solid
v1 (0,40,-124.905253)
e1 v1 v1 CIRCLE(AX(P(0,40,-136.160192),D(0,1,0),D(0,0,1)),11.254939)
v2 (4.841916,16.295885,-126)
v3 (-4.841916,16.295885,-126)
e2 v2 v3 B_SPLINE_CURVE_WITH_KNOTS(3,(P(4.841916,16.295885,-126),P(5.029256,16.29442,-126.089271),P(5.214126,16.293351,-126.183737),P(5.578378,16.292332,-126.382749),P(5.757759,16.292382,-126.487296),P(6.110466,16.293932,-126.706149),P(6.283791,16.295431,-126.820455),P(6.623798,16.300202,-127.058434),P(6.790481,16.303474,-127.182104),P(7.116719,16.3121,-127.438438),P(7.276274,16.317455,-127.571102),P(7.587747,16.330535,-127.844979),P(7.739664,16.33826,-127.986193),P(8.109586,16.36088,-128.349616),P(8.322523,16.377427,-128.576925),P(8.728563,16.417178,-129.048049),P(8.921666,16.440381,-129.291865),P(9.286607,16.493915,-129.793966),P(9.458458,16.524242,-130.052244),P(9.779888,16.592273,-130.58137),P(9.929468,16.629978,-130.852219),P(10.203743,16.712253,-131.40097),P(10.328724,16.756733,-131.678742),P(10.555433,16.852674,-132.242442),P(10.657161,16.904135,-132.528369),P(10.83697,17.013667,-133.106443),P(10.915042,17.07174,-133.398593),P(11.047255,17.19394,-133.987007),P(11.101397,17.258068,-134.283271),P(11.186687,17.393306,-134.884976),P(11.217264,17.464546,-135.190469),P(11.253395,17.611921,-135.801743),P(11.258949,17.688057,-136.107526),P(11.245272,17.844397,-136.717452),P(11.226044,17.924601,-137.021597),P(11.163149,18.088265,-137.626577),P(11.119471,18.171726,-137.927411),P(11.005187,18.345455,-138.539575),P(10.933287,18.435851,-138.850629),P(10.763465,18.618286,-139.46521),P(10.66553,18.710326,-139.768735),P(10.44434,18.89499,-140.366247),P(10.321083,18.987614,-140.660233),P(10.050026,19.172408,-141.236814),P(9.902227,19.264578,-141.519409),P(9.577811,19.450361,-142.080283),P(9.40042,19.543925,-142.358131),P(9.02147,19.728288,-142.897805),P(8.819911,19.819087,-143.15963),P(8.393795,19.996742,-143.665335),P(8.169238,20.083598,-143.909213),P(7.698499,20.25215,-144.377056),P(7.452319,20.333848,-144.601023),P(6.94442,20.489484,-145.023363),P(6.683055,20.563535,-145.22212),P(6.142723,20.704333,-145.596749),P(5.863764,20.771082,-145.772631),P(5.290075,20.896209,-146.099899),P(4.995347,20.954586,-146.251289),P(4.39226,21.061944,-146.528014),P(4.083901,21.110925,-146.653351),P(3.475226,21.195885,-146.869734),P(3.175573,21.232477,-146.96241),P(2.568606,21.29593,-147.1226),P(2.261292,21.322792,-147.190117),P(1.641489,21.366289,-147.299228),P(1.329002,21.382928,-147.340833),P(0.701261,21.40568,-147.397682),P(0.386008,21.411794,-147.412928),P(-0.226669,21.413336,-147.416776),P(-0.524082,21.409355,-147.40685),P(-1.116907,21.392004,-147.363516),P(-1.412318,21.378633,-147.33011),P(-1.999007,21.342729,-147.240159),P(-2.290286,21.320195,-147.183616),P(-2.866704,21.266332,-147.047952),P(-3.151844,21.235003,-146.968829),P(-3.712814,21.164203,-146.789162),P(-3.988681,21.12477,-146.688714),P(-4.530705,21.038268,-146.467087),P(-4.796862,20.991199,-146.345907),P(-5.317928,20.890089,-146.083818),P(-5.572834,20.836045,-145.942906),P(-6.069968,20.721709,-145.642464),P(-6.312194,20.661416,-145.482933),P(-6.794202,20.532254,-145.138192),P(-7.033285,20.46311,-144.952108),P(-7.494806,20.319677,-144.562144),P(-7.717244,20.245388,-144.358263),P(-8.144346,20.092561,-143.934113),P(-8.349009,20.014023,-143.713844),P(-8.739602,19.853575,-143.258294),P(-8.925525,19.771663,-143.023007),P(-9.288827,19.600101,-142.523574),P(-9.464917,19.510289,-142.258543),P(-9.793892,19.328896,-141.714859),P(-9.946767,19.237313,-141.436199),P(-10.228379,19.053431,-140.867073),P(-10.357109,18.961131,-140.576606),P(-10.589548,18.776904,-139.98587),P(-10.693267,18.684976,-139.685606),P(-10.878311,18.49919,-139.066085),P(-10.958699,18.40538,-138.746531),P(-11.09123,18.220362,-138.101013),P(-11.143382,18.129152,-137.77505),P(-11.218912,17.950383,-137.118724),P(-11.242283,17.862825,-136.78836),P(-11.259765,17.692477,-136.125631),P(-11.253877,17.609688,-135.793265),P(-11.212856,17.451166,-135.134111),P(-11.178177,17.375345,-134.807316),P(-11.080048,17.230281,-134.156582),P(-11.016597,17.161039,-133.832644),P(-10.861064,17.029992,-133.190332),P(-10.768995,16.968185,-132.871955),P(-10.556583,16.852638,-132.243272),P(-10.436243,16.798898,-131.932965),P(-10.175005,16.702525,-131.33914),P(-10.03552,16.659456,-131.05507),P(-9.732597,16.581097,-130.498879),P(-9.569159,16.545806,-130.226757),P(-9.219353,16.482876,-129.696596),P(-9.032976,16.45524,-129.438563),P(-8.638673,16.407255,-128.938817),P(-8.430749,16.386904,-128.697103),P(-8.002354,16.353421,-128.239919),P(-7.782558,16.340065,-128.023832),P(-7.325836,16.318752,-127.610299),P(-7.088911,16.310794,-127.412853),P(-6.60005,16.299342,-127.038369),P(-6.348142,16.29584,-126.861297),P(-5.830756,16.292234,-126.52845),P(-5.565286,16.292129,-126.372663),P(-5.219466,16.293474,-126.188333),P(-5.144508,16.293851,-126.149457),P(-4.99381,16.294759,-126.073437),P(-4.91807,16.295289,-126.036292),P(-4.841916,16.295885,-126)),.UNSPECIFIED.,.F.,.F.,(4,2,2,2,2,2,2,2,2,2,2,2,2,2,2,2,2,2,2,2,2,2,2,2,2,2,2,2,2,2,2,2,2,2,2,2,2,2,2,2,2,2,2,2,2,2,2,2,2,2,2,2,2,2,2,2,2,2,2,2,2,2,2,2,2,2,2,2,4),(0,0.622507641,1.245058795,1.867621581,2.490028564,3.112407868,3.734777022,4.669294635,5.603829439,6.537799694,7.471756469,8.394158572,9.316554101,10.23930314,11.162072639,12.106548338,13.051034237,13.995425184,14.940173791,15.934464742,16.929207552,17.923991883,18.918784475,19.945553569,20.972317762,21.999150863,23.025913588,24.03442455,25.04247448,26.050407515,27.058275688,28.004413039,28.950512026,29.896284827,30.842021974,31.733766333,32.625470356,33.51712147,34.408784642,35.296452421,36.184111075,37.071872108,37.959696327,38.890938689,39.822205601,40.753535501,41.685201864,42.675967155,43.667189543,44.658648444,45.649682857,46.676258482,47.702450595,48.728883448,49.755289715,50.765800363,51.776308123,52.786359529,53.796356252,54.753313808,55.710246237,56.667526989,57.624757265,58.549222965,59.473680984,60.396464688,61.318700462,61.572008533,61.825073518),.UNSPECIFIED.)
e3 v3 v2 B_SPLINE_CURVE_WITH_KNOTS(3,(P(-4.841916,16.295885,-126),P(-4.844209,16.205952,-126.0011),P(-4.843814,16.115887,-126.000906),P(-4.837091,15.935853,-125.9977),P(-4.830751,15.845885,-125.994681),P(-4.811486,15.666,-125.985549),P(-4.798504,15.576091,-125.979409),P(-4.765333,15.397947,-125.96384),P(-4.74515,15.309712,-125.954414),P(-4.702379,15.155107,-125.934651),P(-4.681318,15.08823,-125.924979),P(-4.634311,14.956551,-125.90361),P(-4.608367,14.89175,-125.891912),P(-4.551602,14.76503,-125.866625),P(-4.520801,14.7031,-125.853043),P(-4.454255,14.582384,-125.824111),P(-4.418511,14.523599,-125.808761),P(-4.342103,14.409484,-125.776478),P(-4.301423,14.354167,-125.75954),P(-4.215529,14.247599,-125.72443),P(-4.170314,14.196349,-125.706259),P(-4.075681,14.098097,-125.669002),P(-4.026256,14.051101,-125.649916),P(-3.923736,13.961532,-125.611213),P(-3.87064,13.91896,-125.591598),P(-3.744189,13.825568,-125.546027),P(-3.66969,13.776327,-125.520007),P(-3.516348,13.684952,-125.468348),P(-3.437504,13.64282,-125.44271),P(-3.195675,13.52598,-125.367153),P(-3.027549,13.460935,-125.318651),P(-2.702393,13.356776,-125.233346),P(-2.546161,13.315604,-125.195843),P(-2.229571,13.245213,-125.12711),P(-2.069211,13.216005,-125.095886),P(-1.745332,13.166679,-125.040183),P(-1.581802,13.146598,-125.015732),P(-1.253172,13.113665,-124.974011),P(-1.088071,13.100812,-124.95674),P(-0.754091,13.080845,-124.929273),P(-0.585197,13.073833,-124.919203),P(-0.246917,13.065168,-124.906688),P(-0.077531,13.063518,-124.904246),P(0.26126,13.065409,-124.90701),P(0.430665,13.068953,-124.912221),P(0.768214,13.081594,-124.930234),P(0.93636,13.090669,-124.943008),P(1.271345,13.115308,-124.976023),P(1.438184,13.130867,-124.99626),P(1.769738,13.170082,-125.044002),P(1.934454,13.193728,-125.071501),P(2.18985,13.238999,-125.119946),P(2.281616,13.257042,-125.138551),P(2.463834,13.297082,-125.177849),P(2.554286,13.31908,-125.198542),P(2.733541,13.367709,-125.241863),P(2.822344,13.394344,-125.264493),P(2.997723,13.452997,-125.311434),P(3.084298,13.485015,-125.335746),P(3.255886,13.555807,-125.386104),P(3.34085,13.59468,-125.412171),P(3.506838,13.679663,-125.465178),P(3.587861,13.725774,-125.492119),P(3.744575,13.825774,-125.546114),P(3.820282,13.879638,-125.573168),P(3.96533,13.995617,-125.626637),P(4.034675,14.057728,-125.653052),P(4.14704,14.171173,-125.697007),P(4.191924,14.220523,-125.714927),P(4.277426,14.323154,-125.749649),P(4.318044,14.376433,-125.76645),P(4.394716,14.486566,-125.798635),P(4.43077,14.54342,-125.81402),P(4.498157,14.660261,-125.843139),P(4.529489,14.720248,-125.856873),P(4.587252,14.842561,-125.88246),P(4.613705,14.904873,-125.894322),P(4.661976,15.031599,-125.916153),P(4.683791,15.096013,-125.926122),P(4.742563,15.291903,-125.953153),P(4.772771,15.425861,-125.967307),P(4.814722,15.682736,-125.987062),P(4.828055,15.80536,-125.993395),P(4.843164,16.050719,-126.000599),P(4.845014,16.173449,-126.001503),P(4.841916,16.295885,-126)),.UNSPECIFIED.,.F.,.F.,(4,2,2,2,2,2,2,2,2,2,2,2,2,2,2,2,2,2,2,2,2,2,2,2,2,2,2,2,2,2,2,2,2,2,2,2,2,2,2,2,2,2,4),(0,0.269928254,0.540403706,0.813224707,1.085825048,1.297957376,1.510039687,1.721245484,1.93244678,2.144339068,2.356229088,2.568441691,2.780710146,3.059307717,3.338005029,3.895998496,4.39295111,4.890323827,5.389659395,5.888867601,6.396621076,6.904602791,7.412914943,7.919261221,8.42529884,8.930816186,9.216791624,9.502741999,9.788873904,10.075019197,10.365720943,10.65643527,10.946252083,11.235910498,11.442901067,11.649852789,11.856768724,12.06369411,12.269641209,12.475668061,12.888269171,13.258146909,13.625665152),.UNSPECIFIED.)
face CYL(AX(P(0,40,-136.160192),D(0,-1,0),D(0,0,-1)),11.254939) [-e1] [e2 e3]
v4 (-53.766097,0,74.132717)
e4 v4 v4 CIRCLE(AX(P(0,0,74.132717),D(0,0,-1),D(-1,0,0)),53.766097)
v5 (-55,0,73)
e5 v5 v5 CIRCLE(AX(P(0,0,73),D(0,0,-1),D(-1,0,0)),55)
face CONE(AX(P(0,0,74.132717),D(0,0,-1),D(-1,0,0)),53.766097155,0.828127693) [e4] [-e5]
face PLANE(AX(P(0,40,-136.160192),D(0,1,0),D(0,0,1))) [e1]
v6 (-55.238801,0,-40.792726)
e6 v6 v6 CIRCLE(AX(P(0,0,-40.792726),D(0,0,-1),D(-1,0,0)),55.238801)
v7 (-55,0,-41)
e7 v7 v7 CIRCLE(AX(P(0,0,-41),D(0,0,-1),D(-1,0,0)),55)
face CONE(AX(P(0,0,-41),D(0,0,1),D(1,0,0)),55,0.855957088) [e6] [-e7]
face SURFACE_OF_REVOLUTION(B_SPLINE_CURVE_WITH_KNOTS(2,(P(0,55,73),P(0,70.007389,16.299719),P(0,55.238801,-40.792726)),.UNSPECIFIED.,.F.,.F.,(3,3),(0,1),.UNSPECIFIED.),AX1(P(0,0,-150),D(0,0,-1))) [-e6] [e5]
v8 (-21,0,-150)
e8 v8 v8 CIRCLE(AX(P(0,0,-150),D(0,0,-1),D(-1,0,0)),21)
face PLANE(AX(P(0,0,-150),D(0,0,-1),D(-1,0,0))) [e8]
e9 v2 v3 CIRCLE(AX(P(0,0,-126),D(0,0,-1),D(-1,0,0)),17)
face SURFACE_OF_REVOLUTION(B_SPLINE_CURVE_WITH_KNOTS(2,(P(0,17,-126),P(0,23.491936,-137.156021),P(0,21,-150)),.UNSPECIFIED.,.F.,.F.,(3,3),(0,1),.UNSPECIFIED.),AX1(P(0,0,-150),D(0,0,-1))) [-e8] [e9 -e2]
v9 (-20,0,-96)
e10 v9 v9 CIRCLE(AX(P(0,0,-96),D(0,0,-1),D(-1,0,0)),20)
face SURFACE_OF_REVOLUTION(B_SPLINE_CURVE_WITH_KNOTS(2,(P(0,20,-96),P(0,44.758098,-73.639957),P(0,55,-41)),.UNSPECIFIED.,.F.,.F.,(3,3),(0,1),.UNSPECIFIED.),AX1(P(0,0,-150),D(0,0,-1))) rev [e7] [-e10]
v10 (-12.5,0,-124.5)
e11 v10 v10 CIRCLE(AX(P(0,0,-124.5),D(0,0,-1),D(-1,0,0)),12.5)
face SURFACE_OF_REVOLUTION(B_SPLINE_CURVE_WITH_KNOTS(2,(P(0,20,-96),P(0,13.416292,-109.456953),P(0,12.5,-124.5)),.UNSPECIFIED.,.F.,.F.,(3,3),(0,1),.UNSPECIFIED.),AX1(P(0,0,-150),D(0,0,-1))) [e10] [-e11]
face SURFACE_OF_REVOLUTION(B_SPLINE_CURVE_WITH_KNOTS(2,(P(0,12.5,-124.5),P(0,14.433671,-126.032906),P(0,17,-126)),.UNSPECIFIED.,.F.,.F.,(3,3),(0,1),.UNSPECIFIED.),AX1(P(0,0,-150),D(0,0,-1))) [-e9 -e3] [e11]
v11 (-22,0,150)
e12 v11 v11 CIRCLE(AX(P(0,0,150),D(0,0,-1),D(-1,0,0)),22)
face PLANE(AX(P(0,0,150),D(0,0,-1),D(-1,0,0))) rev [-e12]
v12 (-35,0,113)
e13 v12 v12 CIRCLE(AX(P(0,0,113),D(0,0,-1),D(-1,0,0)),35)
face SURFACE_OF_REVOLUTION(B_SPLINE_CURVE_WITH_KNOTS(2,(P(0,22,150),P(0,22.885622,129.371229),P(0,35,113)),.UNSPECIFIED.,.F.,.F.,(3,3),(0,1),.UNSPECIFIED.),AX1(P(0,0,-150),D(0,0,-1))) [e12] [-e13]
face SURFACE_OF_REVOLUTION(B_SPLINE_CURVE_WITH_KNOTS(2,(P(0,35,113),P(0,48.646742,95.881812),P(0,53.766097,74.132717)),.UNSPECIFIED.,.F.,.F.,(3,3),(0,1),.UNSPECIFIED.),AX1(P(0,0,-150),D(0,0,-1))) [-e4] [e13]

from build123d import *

# Parameters (mm, degrees)
CROQUIS3_R              = 11.254938513
SALIENTE_EXTRUIR1_DEPTH = 40


with BuildPart() as part:
    # Croquis2 → Revolución1 (revolve)
    with BuildSketch(Plane(origin=(0, 0, 0), x_dir=(0, 0, -1), z_dir=(1, 0, 0)), mode=Mode.PRIVATE) as revoluci_n1_sk:
        with BuildLine():
            Line((150, 0), (-150, 0))
            Line((-150, 0), (-150, 22))
            add(Edge.make_bspline(
                [(-150, 22), (-129.37122853, 22.885622181), (-113, 35)],
                knots=[0, 0, 0, 1, 1, 1], degree=2))
            add(Edge.make_bspline(
                [(-113, 35), (-95.881812415, 48.646741744), (-74.132716714, 53.766097155)],
                knots=[0, 0, 0, 1, 1, 1], degree=2))
            Line((-74.132716714, 53.766097155), (-73, 55))
            add(Edge.make_bspline(
                [(-73, 55), (-16.299719206, 70.007388518), (40.792726285, 55.238800573)],
                knots=[0, 0, 0, 1, 1, 1], degree=2))
            Line((40.792726285, 55.238800573), (41, 55))
            add(Edge.make_bspline(
                [(96, 20), (73.639957347, 44.758097736), (41, 55)],
                knots=[0, 0, 0, 1, 1, 1], degree=2))
            add(Edge.make_bspline(
                [(96, 20), (109.456952534, 13.416291924), (124.5, 12.5)],
                knots=[0, 0, 0, 1, 1, 1], degree=2))
            add(Edge.make_bspline(
                [(124.5, 12.5), (126.032905764, 14.43367106), (126, 17)],
                knots=[0, 0, 0, 1, 1, 1], degree=2))
            add(Edge.make_bspline(
                [(126, 17), (137.156021006, 23.491935887), (150, 21)],
                knots=[0, 0, 0, 1, 1, 1], degree=2))
            Line((150, 21), (150, 0))
        make_face()
    revolve(revoluci_n1_sk.sketch.rotate(Axis((0, 0, -150), (0, 0, 1)), 90), axis=Axis((0, 0, -150), (0, 0, 1)))

    # Croquis3 → Saliente-Extruir1 (add)
    with BuildSketch(Plane(origin=(0, 0, 0), x_dir=(1, 0, 0), z_dir=(0, 1, 0))):
        with Locations(Location((0, 136.160191659, 0), (0, 0, 56.874015027))):
            Circle(CROQUIS3_R)
    extrude(amount=SALIENTE_EXTRUIR1_DEPTH)


solid = part.part
